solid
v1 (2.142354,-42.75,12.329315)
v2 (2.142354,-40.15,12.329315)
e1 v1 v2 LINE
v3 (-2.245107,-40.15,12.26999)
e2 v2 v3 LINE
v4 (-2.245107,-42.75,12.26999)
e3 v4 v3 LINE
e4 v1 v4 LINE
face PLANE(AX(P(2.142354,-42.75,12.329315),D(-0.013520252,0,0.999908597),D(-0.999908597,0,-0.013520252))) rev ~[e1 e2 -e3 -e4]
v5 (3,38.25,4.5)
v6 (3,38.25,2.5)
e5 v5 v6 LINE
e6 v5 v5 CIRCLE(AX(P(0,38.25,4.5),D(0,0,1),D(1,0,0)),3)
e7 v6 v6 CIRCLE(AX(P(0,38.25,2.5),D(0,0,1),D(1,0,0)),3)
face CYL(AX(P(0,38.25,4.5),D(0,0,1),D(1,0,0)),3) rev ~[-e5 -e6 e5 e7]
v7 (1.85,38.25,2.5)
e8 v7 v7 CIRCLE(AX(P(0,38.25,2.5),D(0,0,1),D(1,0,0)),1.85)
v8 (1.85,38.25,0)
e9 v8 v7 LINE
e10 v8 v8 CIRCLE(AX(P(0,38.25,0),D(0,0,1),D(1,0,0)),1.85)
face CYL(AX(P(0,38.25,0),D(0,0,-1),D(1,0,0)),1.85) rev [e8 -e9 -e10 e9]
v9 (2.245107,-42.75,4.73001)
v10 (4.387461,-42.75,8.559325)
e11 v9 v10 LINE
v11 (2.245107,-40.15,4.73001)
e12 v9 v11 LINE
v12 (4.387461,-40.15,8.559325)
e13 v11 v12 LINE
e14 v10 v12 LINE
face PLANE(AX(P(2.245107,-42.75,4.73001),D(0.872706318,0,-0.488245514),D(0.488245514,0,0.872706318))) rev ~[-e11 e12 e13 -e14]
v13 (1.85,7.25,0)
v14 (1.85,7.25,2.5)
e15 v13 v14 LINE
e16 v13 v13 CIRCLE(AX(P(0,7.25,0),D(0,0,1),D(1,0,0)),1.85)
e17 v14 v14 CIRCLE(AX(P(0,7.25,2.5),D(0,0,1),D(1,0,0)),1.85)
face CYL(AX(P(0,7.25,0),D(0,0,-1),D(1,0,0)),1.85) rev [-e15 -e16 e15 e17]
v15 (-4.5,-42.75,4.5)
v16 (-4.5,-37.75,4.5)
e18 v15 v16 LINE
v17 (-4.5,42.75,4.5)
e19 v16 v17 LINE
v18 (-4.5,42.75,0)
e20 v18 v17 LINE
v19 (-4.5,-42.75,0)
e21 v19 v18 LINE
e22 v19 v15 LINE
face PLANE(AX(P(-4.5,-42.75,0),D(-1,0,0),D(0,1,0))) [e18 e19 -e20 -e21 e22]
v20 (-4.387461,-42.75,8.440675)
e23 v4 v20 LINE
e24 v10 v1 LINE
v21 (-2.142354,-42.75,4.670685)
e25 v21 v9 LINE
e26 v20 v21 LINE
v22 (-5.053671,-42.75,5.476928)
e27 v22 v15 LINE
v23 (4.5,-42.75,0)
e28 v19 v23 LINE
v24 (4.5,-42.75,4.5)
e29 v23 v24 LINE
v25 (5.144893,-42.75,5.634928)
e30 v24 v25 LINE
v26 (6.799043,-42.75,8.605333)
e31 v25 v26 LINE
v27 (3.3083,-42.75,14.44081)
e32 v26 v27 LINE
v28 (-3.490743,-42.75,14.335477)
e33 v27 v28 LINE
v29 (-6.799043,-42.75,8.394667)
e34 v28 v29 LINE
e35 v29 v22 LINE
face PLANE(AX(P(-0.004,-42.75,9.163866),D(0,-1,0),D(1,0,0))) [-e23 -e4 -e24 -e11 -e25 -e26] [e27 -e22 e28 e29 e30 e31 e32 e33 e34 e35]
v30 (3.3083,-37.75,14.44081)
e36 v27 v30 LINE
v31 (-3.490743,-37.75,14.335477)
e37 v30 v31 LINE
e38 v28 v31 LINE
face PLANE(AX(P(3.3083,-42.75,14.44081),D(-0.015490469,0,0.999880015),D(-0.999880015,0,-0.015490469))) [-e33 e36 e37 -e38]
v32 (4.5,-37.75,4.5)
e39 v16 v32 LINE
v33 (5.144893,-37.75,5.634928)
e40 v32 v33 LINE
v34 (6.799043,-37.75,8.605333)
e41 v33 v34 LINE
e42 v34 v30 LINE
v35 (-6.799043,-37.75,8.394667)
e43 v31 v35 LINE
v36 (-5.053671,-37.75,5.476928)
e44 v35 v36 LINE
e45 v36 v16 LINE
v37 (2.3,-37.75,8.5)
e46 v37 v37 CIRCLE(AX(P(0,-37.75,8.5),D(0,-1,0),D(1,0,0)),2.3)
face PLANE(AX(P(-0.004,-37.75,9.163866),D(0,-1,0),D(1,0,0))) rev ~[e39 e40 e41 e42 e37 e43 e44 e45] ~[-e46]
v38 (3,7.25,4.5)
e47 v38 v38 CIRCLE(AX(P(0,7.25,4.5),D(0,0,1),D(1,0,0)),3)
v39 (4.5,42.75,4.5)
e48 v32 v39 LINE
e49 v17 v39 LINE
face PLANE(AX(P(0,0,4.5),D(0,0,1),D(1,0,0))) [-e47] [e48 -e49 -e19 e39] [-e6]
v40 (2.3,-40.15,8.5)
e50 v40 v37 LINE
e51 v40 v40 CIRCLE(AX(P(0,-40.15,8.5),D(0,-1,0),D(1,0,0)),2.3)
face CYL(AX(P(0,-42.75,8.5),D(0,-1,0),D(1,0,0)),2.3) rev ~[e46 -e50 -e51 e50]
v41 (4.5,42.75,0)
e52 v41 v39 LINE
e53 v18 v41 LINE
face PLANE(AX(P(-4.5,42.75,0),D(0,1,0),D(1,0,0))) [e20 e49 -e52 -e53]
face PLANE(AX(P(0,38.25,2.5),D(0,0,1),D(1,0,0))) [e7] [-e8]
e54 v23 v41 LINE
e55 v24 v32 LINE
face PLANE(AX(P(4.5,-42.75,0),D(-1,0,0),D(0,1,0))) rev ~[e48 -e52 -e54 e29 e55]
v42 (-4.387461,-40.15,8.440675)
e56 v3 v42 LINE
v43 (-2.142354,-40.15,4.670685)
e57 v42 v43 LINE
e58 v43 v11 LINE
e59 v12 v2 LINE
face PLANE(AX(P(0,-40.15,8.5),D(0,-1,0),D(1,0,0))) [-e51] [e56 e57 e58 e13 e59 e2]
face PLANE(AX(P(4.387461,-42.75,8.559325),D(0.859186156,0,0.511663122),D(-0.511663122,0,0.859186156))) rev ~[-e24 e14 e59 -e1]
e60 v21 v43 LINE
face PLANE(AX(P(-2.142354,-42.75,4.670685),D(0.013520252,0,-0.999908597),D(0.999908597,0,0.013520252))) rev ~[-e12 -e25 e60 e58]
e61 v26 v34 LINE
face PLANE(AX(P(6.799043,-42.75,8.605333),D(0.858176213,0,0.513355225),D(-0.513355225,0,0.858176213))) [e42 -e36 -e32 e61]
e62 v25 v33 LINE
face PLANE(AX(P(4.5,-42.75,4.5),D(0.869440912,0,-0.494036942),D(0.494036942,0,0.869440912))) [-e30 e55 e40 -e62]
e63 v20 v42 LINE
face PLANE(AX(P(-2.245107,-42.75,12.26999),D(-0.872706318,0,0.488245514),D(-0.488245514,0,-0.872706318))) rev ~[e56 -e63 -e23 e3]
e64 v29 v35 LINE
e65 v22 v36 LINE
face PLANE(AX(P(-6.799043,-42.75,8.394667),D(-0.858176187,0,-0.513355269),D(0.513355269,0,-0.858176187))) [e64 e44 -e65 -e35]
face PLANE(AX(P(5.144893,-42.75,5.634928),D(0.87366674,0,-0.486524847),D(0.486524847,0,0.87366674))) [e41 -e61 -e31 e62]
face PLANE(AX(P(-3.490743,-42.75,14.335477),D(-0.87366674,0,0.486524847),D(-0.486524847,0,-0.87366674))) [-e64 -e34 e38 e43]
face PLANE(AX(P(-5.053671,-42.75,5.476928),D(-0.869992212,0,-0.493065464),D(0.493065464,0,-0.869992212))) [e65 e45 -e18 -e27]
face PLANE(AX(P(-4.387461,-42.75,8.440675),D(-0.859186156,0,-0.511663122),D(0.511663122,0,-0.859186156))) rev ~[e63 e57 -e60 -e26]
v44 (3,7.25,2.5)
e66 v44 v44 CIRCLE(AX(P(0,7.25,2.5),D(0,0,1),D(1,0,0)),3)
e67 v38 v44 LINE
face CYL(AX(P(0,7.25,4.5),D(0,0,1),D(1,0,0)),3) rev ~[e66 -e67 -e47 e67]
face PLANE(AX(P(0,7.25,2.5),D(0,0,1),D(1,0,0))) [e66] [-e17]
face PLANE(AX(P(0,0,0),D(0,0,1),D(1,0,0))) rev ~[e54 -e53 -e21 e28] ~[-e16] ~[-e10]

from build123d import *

# Parameters (mm, degrees)
F0_W     = 9
F0_H     = 85.5
F0_R     = 1.85
F1_DEPTH = 4.5
F2_R     = 2.3
F3_DEPTH = 5
F4_R     = 2.3
F5_DEPTH = 2.6
F6_R     = 3
F6_R_2   = 1.85
F7_DEPTH = 2


with BuildPart() as f1:
    # F0 (on Top) → F1 (new body)
    with BuildSketch(Plane.XY):
        Rectangle(F0_W, F0_H)
        with Locations((0, 7.25)):
            Circle(F0_R, mode=Mode.SUBTRACT)
        with Locations((0, 38.25)):
            Circle(F0_R, mode=Mode.SUBTRACT)
    extrude(amount=F1_DEPTH)

    # F2 (on face) → F3 (join)
    with BuildSketch(Plane.XZ.offset(42.75)):
        Polygon((5.144893, 5.634928), (6.799043, 8.605333), (3.3083, 14.44081), (-3.490743, 14.335477), (-6.799043, 8.394667), (-5.053671, 5.476928), (-4.5, 4.5), (4.5, 4.5), align=None)
        with Locations((0, 8.5)):
            Circle(F2_R, mode=Mode.SUBTRACT)
    extrude(amount=-F3_DEPTH)

    # F4 (on face) → F5 (cut)
    with BuildSketch(Plane.XZ.offset(42.75)):
        Polygon((4.387461, 8.559325), (2.142354, 12.329315), (-2.245107, 12.26999), (-4.387461, 8.440675), (-2.142354, 4.670685), (2.245107, 4.73001), align=None)
        with Locations((0, 8.5)):
            Circle(F4_R, mode=Mode.SUBTRACT)
    extrude(amount=-F5_DEPTH, mode=Mode.SUBTRACT)

    # F6 (on face) → F7 (cut)
    with BuildSketch(Plane.XY.offset(4.5)):
        with Locations((0, 38.25)):
            Circle(F6_R)
        with Locations((0, 38.25)):
            Circle(F6_R_2, mode=Mode.SUBTRACT)
        with Locations((0, 7.25)):
            Circle(F6_R)
        with Locations((0, 7.25)):
            Circle(F6_R_2, mode=Mode.SUBTRACT)
    extrude(amount=-F7_DEPTH, mode=Mode.SUBTRACT)


solid = f1.part
